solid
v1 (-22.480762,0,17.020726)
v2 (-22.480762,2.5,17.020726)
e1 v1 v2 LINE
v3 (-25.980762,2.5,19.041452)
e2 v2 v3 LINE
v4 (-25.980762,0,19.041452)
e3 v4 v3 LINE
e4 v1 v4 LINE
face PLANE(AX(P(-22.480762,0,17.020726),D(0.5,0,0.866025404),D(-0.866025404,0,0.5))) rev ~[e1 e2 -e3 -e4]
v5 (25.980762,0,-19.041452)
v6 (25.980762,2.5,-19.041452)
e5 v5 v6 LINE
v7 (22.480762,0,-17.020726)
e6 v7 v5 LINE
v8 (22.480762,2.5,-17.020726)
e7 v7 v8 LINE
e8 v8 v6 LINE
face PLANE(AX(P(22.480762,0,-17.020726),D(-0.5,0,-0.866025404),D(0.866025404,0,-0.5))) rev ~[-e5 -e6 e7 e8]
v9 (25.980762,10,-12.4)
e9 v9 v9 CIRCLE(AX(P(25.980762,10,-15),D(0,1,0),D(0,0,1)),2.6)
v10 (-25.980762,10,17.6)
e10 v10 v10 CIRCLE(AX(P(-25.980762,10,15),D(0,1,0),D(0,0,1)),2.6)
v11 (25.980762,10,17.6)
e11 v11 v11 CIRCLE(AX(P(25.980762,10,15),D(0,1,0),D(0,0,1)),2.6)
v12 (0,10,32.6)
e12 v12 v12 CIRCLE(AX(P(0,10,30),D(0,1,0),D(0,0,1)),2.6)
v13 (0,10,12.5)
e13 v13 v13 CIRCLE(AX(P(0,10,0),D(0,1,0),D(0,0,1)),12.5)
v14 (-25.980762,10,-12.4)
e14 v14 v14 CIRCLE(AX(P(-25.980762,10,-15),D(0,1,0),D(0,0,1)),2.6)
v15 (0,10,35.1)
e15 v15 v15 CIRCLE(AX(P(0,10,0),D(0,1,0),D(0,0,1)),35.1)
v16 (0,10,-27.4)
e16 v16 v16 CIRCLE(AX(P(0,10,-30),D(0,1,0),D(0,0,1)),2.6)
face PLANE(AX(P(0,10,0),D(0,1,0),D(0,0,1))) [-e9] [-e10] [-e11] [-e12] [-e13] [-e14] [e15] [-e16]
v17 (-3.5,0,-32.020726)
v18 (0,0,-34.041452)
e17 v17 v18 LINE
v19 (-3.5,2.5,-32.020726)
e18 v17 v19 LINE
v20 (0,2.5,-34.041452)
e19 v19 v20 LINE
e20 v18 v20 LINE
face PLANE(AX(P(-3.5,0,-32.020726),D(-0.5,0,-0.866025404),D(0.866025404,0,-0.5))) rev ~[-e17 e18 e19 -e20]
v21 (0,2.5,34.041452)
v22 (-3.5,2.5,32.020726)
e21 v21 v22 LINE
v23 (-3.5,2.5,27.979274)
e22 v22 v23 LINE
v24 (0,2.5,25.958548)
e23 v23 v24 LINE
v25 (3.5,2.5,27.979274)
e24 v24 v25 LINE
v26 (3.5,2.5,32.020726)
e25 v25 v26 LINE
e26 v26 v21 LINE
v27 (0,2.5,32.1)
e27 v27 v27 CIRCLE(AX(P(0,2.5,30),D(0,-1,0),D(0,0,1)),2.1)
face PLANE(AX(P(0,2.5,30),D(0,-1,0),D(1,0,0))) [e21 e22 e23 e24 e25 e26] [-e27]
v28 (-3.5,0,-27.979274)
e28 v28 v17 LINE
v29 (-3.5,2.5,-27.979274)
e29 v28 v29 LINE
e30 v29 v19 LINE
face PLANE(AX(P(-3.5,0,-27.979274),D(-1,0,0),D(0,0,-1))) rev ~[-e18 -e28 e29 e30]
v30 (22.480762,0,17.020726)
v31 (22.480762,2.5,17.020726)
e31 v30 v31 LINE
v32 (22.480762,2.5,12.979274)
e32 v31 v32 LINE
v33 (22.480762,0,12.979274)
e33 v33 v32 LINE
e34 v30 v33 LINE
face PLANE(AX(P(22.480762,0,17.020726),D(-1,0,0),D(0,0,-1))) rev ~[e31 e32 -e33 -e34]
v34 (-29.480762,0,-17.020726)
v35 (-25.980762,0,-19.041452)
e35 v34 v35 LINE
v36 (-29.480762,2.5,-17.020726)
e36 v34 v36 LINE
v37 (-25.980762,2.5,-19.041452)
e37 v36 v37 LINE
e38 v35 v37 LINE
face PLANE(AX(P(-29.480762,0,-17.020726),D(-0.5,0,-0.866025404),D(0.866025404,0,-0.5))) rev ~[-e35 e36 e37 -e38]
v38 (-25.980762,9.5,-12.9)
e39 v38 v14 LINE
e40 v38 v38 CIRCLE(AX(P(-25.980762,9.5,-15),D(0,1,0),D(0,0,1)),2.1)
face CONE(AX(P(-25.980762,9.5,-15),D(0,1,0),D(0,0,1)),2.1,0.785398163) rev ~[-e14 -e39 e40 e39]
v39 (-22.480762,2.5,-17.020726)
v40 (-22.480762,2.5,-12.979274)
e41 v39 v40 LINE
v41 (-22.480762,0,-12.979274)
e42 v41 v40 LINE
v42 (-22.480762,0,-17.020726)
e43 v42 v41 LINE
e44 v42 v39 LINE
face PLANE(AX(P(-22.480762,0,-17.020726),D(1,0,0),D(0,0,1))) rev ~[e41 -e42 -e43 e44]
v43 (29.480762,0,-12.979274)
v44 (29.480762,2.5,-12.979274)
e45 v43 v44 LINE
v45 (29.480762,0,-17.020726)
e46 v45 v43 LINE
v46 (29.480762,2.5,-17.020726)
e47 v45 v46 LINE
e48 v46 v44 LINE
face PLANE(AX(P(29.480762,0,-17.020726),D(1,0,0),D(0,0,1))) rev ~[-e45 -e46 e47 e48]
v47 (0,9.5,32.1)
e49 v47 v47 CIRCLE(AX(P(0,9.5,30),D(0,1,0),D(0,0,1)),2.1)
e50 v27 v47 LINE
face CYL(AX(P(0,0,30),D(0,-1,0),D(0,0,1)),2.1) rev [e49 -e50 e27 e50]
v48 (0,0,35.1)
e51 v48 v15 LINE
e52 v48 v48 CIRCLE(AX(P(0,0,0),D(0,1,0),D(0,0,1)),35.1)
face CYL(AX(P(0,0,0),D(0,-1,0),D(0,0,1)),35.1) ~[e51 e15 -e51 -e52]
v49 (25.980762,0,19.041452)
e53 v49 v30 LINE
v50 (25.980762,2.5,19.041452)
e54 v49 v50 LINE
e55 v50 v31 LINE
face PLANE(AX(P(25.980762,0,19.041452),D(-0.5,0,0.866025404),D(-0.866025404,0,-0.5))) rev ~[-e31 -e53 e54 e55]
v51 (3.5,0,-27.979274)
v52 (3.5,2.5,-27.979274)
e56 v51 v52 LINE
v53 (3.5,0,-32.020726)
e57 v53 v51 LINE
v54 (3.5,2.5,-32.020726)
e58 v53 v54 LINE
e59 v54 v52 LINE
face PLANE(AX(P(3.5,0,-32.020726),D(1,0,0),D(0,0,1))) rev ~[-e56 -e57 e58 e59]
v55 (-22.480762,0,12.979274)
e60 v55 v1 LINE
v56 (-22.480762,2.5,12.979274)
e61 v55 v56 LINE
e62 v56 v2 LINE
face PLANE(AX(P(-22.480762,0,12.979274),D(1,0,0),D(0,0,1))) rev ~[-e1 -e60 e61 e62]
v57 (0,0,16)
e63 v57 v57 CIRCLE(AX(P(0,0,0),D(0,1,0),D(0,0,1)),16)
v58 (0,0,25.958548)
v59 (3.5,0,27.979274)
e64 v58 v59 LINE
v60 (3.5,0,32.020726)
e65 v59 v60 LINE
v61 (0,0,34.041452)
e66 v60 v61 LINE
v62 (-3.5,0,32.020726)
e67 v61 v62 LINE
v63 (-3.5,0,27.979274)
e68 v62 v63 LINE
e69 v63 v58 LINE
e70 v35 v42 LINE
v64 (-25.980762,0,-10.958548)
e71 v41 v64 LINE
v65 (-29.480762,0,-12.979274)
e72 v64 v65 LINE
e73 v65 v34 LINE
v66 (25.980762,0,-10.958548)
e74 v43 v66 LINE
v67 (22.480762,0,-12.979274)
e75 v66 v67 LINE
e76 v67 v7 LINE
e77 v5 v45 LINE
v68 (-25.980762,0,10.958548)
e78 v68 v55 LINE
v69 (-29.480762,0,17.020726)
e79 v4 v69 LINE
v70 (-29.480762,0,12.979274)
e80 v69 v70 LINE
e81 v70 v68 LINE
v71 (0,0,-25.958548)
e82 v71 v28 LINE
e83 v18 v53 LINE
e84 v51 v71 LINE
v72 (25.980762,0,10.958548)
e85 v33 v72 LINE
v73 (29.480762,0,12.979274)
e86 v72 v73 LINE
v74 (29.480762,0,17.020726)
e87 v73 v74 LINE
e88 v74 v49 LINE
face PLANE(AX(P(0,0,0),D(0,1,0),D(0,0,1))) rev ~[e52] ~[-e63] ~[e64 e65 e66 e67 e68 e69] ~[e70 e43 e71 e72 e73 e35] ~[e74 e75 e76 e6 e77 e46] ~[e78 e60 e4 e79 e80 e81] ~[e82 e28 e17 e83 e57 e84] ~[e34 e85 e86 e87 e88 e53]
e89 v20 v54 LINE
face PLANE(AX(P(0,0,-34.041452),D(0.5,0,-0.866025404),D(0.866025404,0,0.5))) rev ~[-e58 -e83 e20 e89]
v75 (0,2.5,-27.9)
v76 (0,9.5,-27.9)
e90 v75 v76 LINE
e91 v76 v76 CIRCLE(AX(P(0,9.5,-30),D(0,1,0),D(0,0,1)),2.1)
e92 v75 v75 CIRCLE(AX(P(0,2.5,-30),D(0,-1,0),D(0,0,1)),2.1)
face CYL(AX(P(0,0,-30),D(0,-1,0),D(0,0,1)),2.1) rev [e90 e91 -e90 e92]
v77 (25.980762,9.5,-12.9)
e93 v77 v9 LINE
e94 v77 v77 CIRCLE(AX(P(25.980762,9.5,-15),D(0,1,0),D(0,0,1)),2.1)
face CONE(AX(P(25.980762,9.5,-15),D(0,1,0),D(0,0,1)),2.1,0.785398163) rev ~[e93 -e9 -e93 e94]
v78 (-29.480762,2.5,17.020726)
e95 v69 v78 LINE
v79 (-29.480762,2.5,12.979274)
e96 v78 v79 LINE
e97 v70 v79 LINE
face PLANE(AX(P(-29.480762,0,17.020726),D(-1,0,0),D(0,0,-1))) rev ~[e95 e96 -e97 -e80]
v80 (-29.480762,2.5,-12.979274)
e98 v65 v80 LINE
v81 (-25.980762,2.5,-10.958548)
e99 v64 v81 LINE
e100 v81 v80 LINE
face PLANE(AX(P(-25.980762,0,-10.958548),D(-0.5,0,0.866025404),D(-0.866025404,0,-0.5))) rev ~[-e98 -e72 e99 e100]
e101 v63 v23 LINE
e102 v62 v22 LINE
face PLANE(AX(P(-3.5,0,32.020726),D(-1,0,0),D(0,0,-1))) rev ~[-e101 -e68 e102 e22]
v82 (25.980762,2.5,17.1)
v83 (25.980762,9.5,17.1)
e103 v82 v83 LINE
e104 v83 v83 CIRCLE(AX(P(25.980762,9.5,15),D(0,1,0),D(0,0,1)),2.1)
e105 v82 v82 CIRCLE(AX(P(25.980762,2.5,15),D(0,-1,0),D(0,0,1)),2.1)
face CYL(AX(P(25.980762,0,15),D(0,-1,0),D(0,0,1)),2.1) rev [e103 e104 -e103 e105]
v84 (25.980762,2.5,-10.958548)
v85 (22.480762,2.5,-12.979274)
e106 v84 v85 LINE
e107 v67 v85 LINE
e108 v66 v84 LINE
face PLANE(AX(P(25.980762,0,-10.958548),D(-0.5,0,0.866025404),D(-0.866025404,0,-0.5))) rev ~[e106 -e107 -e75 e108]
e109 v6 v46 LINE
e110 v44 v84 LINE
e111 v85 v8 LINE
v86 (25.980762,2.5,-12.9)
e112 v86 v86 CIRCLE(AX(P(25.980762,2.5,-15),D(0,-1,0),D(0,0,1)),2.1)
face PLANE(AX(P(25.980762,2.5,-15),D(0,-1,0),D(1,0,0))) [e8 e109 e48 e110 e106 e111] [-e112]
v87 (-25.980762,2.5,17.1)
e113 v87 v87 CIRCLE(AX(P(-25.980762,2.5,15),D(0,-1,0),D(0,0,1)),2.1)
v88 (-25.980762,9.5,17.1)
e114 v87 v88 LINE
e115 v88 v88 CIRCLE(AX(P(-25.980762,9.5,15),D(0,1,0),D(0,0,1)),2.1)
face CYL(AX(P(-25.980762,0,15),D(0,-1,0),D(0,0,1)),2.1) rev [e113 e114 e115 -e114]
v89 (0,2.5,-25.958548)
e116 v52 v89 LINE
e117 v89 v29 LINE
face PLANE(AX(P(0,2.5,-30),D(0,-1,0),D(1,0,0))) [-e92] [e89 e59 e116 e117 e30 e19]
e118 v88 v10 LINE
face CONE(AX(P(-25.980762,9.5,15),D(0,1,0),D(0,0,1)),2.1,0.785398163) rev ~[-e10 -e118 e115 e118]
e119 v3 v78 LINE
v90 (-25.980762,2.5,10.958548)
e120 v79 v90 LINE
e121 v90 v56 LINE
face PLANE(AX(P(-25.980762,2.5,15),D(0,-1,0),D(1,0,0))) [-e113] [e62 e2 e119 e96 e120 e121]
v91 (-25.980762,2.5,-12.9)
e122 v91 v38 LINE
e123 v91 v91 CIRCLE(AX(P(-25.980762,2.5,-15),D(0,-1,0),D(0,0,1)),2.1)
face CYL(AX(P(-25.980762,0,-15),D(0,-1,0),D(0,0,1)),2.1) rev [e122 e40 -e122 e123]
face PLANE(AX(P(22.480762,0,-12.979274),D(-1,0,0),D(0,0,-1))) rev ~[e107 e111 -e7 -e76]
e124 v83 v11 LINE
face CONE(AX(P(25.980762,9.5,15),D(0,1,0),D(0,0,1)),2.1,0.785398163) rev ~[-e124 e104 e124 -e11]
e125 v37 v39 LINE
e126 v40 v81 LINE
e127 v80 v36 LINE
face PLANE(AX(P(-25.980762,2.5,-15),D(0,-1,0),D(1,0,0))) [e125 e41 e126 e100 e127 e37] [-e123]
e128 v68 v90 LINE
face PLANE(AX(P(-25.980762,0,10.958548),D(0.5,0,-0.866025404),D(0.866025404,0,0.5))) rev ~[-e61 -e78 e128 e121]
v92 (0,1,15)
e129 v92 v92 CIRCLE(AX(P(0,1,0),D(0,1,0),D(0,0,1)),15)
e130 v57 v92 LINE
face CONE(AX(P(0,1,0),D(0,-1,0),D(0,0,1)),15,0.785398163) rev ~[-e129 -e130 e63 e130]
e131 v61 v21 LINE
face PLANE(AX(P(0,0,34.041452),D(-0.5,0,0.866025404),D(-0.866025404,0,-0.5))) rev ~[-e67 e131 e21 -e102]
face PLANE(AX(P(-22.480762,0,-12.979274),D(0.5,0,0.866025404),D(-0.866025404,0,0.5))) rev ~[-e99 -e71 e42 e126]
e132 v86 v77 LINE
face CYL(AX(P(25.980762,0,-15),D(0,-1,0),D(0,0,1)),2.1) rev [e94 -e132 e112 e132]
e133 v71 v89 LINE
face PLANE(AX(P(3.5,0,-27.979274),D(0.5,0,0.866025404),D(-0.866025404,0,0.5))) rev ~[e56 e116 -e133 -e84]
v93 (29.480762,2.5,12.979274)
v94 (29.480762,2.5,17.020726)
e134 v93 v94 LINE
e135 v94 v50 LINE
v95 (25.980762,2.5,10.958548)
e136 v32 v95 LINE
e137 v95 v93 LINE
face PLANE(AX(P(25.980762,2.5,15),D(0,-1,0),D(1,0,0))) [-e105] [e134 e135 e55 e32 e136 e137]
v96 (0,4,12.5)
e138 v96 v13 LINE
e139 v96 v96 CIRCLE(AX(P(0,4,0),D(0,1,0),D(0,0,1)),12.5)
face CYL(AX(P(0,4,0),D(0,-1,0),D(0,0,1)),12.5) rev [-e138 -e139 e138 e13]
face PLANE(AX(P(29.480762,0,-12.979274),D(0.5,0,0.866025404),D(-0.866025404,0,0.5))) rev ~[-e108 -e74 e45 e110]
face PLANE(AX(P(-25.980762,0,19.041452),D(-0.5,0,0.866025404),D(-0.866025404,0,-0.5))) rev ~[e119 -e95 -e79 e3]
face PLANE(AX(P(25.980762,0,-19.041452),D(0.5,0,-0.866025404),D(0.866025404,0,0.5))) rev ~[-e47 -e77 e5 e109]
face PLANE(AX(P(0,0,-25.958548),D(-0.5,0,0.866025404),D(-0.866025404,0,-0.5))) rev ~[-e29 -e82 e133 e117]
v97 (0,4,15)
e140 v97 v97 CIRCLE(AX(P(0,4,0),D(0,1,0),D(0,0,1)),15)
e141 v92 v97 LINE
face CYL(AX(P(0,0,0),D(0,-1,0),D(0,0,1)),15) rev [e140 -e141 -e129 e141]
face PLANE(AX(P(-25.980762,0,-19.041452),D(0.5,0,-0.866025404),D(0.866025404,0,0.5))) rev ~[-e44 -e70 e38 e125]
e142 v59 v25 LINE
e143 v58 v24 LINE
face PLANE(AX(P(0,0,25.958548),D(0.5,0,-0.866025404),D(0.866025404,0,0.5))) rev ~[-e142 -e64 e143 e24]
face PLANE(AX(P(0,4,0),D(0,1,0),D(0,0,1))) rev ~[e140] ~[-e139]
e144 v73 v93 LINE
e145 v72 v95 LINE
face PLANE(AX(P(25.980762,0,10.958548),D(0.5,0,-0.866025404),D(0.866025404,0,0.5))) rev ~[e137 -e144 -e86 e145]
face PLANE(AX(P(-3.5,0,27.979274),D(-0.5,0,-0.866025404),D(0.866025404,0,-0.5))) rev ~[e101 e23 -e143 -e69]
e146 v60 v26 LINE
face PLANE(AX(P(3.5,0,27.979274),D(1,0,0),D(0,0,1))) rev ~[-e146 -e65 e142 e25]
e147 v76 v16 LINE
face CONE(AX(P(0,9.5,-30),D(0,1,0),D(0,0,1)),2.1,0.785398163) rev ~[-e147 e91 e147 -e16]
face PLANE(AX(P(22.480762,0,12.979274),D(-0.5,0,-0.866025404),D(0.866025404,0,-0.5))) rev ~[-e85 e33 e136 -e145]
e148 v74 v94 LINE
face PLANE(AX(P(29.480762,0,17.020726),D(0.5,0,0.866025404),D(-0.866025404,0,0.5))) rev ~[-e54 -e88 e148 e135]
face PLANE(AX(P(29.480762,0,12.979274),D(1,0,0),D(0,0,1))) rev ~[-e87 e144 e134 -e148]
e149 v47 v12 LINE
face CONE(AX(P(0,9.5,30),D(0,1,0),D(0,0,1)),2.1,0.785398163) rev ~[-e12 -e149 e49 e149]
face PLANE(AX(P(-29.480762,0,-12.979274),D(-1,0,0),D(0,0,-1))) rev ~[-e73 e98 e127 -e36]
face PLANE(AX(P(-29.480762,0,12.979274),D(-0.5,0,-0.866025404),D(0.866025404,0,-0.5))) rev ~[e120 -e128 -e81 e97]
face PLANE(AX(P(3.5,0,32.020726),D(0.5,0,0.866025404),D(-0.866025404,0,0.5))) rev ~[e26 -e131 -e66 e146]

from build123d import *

# Parameters (mm, degrees)
SKETCH1_R           = 35.1
SKETCH1_R_2         = 2.1
SKETCH1_R_3         = 15
MAIN_BODY_DEPTH     = 10
CHAMFER3_SIZE       = 0.5
CHAMFER4_SIZE       = 1
BOSS_EXTRUDE4_START = -6
SKETCH2_R           = 15
SKETCH2_R_2         = 12.5
BOSS_EXTRUDE4_DEPTH = 6
CUT_EXTRUDE1_DEPTH  = 2.5


with BuildPart() as part:
    # Sketch1 → Main Body (new body)
    with BuildSketch(Plane(origin=(0, 0, 0), x_dir=(1, 0, 0), z_dir=(0, 1, 0))):
        with Locations(Location((0, 0, 0), (0, 0, 270))):
            Circle(SKETCH1_R)
        with Locations(Location((0, 30, 0), (0, 0, 270))):
            Circle(SKETCH1_R_2, mode=Mode.SUBTRACT)
        with Locations(Location((25.980762114, 15, 0), (0, 0, 270))):
            Circle(SKETCH1_R_2, mode=Mode.SUBTRACT)
        with Locations(Location((25.980762114, -15, 0), (0, 0, 270))):
            Circle(SKETCH1_R_2, mode=Mode.SUBTRACT)
        with Locations(Location((0, -30, 0), (0, 0, 270))):
            Circle(SKETCH1_R_2, mode=Mode.SUBTRACT)
        with Locations(Location((-25.980762114, -15, 0), (0, 0, 270))):
            Circle(SKETCH1_R_2, mode=Mode.SUBTRACT)
        with Locations(Location((-25.980762114, 15, 0), (0, 0, 270))):
            Circle(SKETCH1_R_2, mode=Mode.SUBTRACT)
        with Locations(Location((0, 0, 0), (0, 0, 270))):
            Circle(SKETCH1_R_3, mode=Mode.SUBTRACT)
    extrude(amount=MAIN_BODY_DEPTH)

    # Chamfer3
    chamfer3_edges = [part.edges().sort_by_distance(p)[0] for p in [
        (25.980762114, 10, -17.1),
        (25.980762114, 10, 12.9),
        (0, 10, 27.9),
        (-25.980762114, 10, 12.9),
        (-25.980762114, 10, -17.1),
        (0, 10, -32.1),
    ]]
    chamfer(chamfer3_edges, length=CHAMFER3_SIZE)

    # Chamfer4
    chamfer4_edges = [part.edges().sort_by_distance(p)[0] for p in [
        (0, 0, -15),
    ]]
    chamfer(chamfer4_edges, length=CHAMFER4_SIZE)

    # Sketch2 → Boss-Extrude4 (add)
    with BuildSketch(Plane(origin=(0, 10, 0), x_dir=(1, 0, 0), z_dir=(0, 1, 0)).offset(BOSS_EXTRUDE4_START)):
        with Locations(Location((0, 0, 0), (0, 0, 270))):
            Circle(SKETCH2_R)
        with Locations(Location((0, 0, 0), (0, 0, 270))):
            Circle(SKETCH2_R_2, mode=Mode.SUBTRACT)
    extrude(amount=BOSS_EXTRUDE4_DEPTH)

    # Sketch3 → Cut-Extrude1 (cut)
    with BuildSketch(Plane.XZ):
        Polygon((25.980762114, 10.958548116), (29.480762114, 12.979274058), (29.480762114, 17.020725942), (25.980762114, 19.041451884), (22.480762114, 17.020725942), (22.480762114, 12.979274058), align=None)
        Polygon((0, 25.958548116), (3.5, 27.979274058), (3.5, 32.020725942), (0, 34.041451884), (-3.5, 32.020725942), (-3.5, 27.979274058), align=None)
        Polygon((22.480762114, -17.020725942), (25.980762114, -19.041451884), (29.480762114, -17.020725942), (29.480762114, -12.979274058), (25.980762114, -10.958548116), (22.480762114, -12.979274058), align=None)
        Polygon((-3.5, -27.979274058), (-3.5, -32.020725942), (0, -34.041451884), (3.5, -32.020725942), (3.5, -27.979274058), (0, -25.958548116), align=None)
        Polygon((-25.980762114, -10.958548116), (-29.480762114, -12.979274058), (-29.480762114, -17.020725942), (-25.980762114, -19.041451884), (-22.480762114, -17.020725942), (-22.480762114, -12.979274058), align=None)
        Polygon((-22.480762114, 17.020725942), (-25.980762114, 19.041451884), (-29.480762114, 17.020725942), (-29.480762114, 12.979274058), (-25.980762114, 10.958548116), (-22.480762114, 12.979274058), align=None)
    extrude(amount=-CUT_EXTRUDE1_DEPTH, mode=Mode.SUBTRACT)


solid = part.part
